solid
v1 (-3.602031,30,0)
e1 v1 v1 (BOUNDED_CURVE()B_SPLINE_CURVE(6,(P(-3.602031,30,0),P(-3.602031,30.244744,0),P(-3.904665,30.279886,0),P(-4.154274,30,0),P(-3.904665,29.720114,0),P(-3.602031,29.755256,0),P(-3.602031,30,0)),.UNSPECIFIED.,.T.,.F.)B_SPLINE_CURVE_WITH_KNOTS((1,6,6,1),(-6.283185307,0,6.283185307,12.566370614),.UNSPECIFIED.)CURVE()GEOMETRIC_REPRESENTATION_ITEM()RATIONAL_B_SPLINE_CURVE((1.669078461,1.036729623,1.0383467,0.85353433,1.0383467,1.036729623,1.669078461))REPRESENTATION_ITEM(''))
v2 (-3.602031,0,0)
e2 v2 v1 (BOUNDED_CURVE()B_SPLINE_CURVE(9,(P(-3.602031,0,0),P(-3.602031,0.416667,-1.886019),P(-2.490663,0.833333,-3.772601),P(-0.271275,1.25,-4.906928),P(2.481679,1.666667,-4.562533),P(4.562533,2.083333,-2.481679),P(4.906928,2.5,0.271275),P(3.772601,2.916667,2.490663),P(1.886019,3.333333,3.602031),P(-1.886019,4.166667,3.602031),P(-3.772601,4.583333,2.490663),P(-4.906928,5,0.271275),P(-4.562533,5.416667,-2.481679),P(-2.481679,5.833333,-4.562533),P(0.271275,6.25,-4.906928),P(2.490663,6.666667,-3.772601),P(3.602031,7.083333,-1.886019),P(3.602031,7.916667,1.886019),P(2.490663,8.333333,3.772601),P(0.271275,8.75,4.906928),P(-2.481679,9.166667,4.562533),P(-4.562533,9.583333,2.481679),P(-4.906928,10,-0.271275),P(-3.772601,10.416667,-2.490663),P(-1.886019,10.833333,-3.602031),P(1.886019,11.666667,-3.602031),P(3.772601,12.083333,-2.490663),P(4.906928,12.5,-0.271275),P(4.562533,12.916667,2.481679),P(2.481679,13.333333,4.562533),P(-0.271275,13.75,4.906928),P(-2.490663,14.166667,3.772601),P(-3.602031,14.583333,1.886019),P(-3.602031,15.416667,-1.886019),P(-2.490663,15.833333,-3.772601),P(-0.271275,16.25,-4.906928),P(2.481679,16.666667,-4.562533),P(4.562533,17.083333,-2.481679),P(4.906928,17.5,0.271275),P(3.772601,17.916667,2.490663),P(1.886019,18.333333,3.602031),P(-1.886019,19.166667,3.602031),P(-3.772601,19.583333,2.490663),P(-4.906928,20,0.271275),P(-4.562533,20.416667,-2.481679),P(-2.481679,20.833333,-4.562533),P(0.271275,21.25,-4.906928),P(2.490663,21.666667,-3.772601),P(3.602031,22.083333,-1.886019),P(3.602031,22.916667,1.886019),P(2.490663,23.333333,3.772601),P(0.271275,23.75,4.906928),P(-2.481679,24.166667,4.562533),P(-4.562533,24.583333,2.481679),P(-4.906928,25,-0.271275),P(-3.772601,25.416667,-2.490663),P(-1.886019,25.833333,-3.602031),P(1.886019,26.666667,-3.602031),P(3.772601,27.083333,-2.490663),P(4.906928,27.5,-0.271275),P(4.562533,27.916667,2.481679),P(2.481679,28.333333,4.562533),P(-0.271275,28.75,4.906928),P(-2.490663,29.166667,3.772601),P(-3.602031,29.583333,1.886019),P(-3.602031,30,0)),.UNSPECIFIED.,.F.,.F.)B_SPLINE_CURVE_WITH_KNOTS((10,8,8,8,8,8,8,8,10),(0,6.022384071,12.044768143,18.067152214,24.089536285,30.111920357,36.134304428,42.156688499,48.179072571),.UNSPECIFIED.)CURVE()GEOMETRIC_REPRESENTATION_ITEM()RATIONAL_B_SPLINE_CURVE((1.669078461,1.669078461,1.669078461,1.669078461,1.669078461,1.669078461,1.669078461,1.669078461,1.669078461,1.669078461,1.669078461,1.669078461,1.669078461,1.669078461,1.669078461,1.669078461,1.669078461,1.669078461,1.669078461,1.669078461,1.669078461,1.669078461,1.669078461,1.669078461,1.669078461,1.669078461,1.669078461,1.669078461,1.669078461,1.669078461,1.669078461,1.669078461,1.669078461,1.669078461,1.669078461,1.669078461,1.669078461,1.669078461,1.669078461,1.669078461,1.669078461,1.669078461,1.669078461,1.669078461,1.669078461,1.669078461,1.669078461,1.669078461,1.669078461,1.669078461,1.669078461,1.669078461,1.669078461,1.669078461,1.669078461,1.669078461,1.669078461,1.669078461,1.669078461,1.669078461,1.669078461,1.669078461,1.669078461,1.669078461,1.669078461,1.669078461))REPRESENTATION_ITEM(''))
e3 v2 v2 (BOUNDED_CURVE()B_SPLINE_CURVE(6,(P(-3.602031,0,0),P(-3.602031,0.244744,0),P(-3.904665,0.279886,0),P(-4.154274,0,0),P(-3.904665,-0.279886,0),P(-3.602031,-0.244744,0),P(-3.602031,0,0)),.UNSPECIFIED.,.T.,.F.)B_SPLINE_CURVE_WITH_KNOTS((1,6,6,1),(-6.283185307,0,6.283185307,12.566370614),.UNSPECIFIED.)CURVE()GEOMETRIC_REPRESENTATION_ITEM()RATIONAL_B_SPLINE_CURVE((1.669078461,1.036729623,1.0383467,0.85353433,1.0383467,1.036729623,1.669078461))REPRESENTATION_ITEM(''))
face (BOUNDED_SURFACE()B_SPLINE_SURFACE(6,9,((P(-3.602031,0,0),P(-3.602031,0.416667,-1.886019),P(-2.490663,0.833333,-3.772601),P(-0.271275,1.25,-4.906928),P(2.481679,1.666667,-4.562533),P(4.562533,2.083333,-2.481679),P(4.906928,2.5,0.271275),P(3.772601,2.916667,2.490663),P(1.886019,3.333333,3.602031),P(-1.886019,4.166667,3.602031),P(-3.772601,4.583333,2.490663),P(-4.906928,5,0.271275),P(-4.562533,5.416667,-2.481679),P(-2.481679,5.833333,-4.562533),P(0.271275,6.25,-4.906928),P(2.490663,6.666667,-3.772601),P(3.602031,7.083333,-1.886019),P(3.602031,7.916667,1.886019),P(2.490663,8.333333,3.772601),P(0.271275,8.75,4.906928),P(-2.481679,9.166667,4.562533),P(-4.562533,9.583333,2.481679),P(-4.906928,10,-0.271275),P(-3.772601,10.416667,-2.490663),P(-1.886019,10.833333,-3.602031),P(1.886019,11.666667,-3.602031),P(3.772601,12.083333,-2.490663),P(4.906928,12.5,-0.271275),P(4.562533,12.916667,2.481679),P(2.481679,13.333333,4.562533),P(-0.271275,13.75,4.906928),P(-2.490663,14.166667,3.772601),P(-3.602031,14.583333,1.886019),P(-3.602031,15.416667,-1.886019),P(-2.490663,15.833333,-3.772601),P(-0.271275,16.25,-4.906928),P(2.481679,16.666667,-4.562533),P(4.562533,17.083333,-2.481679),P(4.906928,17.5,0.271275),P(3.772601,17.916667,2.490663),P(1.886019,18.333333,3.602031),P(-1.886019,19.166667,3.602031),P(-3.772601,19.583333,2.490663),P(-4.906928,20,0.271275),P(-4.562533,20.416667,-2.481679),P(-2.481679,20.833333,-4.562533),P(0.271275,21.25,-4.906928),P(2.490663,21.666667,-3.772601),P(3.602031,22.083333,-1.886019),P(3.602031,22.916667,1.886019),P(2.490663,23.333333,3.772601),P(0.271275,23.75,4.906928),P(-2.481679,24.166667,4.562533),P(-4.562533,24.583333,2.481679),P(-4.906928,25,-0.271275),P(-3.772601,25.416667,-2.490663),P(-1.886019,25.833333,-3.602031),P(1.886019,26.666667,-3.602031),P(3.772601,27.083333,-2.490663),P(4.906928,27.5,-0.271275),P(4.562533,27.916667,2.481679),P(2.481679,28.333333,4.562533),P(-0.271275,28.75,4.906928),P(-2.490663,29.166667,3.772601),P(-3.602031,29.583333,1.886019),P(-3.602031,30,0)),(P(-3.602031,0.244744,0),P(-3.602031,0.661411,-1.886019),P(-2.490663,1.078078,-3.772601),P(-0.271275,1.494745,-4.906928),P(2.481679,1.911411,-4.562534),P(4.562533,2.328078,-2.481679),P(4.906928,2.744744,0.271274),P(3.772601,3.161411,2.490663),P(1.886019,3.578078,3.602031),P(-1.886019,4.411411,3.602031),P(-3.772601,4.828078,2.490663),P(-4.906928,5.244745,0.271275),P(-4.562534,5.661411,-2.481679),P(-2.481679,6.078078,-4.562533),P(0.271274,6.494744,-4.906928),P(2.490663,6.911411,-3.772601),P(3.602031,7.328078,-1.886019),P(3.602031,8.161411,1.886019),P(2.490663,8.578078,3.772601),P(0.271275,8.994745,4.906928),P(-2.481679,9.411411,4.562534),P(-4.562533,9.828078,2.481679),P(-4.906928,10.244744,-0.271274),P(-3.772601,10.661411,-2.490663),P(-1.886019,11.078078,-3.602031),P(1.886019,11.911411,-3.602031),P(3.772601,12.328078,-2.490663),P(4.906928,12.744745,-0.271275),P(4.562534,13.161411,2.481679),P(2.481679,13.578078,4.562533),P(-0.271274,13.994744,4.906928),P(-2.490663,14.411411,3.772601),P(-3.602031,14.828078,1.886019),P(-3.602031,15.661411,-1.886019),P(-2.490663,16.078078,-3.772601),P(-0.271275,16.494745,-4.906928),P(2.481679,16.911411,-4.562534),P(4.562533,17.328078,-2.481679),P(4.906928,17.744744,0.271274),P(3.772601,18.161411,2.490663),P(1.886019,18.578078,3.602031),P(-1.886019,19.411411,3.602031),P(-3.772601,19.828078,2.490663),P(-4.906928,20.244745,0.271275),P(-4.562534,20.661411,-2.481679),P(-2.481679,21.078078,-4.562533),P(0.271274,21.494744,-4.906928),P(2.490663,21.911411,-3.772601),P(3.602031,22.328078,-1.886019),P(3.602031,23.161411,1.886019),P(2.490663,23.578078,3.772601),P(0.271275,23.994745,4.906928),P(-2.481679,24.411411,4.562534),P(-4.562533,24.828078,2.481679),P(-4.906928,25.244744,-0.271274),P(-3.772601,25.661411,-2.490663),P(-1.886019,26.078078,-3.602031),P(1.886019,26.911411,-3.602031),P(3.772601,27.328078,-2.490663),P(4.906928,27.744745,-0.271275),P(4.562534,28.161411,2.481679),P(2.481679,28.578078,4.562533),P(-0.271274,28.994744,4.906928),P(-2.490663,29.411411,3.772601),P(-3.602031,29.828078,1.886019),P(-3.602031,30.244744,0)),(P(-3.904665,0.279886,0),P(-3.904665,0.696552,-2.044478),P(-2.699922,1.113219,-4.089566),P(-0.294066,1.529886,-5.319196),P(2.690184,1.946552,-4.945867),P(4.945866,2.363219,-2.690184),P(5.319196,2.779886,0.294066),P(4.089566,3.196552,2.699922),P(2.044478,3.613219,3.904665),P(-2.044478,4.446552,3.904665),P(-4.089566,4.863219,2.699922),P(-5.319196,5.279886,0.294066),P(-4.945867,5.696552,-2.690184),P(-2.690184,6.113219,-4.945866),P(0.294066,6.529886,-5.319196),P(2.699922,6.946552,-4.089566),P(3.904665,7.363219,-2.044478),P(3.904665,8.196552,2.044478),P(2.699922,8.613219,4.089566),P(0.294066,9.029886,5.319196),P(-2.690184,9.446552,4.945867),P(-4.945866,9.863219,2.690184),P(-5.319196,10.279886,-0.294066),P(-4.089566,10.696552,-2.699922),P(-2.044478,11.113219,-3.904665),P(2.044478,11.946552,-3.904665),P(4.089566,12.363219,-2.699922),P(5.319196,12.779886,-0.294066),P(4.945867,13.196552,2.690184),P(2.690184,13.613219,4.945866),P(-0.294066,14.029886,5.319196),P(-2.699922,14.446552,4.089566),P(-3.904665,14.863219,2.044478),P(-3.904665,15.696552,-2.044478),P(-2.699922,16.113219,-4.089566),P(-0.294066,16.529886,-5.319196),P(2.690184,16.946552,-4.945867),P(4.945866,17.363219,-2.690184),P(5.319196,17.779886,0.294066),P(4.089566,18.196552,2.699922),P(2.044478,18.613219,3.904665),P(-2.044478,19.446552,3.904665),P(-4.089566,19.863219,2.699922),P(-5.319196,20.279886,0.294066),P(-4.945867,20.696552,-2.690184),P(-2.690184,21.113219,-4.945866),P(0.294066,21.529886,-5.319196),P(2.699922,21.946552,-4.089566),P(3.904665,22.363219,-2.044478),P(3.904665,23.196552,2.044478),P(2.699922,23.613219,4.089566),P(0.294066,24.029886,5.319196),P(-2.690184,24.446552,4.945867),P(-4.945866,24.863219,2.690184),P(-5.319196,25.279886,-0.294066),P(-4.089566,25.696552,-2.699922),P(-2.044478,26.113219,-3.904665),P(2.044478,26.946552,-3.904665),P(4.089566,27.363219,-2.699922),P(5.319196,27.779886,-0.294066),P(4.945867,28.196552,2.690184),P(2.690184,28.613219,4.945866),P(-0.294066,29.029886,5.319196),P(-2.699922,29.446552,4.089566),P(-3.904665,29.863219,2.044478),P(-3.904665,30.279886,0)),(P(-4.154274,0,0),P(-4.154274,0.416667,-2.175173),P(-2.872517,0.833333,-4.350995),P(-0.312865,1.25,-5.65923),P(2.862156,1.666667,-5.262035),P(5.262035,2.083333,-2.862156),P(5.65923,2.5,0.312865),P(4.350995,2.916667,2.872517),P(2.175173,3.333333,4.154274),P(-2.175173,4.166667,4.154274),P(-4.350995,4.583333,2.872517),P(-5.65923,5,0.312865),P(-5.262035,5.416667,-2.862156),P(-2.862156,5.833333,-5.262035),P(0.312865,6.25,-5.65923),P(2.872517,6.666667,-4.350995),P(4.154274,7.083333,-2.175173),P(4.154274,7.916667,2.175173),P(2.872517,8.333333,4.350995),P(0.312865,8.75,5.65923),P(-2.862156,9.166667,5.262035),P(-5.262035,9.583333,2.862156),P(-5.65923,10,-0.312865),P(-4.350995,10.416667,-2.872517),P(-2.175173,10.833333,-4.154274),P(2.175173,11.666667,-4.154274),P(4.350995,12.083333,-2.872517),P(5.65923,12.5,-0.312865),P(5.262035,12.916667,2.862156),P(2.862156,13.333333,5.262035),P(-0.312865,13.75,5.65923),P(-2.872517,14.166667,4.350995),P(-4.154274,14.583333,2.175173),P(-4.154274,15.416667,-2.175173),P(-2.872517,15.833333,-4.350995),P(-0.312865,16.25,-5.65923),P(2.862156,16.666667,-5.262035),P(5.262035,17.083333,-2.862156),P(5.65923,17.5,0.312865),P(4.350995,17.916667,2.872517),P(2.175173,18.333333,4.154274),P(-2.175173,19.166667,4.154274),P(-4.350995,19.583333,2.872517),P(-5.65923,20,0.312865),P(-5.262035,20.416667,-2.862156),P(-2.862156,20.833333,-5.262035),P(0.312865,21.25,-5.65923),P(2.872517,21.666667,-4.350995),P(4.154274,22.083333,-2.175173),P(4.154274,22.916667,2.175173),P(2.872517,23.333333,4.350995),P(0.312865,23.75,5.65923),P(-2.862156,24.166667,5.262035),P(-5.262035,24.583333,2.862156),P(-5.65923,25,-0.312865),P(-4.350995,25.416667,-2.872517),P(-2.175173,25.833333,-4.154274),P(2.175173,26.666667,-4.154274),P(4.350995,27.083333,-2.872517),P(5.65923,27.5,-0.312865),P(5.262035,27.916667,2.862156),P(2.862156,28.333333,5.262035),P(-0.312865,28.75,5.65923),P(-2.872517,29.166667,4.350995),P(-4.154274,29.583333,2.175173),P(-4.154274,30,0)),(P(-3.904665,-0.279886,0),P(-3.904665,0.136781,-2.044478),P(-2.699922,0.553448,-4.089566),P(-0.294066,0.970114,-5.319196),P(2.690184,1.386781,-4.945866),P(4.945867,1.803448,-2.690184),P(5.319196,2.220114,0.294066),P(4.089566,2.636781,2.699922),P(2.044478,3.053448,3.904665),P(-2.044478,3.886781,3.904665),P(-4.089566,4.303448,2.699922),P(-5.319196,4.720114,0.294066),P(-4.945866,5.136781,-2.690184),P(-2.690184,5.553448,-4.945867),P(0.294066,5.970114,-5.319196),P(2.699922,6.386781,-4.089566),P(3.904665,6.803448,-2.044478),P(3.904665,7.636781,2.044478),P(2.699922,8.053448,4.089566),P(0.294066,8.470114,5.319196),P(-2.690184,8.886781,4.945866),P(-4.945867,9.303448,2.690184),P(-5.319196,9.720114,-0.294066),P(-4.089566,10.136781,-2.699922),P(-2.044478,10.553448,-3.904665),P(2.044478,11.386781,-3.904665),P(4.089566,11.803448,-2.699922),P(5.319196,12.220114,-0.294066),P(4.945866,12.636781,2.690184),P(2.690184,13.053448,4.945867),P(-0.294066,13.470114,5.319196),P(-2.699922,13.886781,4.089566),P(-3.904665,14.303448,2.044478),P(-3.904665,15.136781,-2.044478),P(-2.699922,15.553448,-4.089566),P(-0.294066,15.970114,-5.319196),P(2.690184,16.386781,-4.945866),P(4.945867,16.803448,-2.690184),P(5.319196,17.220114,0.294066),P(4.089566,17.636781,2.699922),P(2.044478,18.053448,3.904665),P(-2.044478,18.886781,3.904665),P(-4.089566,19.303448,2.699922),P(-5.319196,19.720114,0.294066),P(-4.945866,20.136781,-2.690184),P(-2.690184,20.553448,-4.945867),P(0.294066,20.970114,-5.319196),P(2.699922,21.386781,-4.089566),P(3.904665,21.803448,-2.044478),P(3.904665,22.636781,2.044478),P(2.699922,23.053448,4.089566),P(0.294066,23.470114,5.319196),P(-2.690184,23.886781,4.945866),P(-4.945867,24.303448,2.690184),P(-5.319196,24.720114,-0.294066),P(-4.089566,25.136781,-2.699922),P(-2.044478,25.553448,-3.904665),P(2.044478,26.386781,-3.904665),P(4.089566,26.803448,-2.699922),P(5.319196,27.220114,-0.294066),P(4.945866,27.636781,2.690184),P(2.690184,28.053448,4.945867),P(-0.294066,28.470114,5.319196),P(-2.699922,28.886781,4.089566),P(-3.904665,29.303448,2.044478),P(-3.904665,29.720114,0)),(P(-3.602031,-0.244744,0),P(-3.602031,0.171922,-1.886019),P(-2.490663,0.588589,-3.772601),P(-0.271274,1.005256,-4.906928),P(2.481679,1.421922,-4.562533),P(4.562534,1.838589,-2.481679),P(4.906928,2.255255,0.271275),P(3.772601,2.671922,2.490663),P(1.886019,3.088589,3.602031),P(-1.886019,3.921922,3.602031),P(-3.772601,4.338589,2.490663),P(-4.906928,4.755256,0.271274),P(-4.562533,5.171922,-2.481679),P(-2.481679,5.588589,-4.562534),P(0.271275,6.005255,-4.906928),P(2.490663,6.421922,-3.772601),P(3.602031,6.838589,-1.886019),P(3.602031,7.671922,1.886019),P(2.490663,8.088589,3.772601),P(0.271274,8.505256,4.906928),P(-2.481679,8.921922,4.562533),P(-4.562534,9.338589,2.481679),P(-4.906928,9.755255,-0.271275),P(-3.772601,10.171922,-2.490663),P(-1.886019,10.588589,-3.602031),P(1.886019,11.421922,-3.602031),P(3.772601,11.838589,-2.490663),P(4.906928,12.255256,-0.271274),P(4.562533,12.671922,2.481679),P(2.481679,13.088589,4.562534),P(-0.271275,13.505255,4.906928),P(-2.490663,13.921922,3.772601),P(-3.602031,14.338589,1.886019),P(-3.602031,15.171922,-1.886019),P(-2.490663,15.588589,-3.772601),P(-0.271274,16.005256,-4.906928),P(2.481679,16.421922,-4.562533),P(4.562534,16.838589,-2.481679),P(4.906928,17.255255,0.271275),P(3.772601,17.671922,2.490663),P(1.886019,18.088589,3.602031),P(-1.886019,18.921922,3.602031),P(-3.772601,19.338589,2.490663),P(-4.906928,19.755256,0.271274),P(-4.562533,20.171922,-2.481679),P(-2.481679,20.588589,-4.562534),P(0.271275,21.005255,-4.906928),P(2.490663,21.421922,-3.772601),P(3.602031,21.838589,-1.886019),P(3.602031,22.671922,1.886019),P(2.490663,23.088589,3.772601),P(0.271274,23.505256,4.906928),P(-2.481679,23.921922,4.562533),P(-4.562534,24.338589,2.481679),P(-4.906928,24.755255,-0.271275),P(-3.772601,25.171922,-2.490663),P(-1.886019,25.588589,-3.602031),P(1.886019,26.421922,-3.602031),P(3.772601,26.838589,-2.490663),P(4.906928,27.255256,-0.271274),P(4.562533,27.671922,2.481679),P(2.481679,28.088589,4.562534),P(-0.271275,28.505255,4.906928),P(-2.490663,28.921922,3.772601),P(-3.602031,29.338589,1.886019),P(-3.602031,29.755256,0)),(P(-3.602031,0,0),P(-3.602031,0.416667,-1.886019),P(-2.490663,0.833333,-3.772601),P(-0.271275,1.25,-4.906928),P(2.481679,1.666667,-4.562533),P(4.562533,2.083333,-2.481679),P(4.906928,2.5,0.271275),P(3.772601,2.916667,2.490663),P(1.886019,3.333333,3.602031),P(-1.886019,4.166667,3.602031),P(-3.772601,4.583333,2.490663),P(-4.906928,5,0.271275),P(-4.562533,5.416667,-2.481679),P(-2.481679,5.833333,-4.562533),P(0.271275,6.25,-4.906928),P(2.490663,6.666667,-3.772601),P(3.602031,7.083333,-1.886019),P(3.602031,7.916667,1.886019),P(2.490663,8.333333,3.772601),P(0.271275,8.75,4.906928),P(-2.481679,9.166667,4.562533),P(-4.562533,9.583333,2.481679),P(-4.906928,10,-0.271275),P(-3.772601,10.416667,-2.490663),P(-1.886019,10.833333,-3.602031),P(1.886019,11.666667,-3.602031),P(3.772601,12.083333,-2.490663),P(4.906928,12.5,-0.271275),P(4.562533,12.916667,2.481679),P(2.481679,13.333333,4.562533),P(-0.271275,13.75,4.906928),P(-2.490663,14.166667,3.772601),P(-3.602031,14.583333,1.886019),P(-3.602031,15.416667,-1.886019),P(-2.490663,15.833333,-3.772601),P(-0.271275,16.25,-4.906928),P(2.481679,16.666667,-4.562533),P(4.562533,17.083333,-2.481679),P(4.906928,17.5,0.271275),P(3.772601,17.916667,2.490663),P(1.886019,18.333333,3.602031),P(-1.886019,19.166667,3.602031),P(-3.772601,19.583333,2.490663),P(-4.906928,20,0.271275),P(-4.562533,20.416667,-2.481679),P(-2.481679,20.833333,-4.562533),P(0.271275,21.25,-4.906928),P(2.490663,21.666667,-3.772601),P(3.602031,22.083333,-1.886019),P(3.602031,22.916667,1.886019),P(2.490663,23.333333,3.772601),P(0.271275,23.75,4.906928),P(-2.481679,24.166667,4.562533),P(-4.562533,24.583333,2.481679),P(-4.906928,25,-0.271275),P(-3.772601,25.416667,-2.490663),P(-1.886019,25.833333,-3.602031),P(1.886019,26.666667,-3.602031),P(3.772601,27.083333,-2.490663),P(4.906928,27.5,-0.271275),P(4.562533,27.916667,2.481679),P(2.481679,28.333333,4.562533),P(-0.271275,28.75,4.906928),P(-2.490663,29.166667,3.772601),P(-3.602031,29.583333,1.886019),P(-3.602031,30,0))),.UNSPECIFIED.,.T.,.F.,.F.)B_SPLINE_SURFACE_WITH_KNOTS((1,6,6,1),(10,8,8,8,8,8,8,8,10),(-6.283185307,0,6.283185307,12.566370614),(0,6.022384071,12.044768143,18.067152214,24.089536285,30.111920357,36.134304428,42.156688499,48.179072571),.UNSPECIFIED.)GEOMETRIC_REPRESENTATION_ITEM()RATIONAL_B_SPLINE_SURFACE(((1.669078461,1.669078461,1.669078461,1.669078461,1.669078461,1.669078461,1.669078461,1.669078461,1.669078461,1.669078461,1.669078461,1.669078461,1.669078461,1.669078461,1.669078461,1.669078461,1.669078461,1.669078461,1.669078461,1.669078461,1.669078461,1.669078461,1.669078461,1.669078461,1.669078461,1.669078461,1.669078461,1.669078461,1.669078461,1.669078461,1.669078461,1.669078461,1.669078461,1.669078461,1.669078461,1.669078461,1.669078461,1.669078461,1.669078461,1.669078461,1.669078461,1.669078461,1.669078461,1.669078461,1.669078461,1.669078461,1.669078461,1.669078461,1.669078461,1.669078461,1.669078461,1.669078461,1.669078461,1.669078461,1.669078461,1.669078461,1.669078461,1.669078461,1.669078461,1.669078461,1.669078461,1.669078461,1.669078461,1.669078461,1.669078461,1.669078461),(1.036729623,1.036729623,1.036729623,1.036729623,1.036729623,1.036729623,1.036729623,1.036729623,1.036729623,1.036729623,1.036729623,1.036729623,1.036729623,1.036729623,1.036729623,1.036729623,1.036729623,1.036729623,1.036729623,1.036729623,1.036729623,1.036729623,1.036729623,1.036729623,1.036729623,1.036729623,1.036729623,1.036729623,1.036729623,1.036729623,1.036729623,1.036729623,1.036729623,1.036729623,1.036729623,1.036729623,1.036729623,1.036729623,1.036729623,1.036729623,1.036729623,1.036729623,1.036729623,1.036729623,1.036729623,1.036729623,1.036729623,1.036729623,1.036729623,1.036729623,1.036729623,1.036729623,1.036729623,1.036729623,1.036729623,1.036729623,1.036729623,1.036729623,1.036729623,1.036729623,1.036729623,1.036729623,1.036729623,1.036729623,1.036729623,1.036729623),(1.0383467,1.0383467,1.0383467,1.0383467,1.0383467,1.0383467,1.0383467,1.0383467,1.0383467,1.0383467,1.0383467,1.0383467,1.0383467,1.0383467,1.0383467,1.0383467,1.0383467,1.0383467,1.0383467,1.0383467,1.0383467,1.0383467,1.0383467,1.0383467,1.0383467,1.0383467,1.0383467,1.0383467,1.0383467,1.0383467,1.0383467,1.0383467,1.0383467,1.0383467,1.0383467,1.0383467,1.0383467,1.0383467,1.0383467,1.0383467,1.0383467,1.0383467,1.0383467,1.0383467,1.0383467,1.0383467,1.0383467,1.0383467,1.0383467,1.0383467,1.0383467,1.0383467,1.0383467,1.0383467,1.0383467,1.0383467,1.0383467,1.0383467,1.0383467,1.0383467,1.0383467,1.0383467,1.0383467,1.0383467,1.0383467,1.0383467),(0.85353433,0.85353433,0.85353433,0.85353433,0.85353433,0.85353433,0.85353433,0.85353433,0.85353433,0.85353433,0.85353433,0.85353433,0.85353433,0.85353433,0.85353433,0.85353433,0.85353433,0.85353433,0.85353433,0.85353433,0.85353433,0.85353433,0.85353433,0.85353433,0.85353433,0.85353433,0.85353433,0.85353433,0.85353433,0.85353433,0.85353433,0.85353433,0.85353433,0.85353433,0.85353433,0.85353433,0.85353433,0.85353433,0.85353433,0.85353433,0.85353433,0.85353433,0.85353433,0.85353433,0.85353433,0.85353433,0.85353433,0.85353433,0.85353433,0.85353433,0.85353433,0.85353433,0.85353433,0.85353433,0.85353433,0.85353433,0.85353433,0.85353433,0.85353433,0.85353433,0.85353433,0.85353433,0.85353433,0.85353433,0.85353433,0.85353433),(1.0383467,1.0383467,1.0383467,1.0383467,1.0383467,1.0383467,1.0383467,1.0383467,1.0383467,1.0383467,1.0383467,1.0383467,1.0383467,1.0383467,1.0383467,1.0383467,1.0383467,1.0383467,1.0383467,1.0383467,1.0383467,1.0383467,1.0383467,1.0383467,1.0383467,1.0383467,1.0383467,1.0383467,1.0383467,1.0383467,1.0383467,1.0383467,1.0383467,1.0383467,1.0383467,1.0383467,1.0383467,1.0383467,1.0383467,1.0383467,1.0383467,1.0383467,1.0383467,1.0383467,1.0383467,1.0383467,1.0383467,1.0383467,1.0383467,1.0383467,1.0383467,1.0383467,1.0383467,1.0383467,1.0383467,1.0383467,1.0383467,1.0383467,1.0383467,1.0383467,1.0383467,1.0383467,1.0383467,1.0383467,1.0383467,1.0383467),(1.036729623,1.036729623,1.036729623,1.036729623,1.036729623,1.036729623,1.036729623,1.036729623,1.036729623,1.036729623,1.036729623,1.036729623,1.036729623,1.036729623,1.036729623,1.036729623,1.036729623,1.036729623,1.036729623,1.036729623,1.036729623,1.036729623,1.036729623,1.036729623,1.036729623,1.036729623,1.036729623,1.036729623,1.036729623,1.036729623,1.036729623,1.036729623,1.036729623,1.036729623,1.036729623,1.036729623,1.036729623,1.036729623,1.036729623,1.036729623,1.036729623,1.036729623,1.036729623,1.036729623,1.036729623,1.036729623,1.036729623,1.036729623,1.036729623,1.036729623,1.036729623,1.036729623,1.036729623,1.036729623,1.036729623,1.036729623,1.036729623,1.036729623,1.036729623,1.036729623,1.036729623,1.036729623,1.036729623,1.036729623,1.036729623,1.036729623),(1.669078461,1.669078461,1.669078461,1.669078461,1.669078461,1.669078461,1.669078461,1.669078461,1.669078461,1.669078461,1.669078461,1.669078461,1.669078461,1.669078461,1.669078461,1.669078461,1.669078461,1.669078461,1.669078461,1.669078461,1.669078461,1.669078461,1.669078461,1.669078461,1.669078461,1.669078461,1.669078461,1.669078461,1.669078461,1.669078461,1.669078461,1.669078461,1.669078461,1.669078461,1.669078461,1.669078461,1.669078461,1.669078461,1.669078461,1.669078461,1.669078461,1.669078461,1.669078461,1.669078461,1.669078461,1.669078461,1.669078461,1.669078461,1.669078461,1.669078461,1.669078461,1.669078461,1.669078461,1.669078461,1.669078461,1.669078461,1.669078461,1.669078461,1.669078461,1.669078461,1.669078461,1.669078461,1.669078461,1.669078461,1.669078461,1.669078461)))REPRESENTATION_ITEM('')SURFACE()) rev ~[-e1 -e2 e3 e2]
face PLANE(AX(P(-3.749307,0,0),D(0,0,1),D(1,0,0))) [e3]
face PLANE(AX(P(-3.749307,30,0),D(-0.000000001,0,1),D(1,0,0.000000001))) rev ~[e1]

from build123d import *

# Parameters (mm, degrees)
SWEEP1_PITCH       = 5
SWEEP1_HEIGHT      = 30
SWEEP1_RADIUS      = 3.75
SWEEP1_START_ANGLE = -90
SKETCH2_R          = 0.147299509


with BuildPart() as part:
    # Sweep1: sweep along a helix
    with BuildLine() as sweep1_path:
        add(Helix(SWEEP1_PITCH, SWEEP1_HEIGHT, SWEEP1_RADIUS, center=(0, 0, 0), direction=(0, 1, 0), lefthand=True, mode=Mode.PRIVATE).rotate(Axis((0, 0, 0), (0, 1, 0)), SWEEP1_START_ANGLE))
    # Sketch2 → Sweep1 (sweep)
    with BuildSketch(Plane.XY):
        with Locations((-3.749330484, 0)):
            Circle(SKETCH2_R)
    sweep(path=sweep1_path.line, is_frenet=True)


solid = part.part
